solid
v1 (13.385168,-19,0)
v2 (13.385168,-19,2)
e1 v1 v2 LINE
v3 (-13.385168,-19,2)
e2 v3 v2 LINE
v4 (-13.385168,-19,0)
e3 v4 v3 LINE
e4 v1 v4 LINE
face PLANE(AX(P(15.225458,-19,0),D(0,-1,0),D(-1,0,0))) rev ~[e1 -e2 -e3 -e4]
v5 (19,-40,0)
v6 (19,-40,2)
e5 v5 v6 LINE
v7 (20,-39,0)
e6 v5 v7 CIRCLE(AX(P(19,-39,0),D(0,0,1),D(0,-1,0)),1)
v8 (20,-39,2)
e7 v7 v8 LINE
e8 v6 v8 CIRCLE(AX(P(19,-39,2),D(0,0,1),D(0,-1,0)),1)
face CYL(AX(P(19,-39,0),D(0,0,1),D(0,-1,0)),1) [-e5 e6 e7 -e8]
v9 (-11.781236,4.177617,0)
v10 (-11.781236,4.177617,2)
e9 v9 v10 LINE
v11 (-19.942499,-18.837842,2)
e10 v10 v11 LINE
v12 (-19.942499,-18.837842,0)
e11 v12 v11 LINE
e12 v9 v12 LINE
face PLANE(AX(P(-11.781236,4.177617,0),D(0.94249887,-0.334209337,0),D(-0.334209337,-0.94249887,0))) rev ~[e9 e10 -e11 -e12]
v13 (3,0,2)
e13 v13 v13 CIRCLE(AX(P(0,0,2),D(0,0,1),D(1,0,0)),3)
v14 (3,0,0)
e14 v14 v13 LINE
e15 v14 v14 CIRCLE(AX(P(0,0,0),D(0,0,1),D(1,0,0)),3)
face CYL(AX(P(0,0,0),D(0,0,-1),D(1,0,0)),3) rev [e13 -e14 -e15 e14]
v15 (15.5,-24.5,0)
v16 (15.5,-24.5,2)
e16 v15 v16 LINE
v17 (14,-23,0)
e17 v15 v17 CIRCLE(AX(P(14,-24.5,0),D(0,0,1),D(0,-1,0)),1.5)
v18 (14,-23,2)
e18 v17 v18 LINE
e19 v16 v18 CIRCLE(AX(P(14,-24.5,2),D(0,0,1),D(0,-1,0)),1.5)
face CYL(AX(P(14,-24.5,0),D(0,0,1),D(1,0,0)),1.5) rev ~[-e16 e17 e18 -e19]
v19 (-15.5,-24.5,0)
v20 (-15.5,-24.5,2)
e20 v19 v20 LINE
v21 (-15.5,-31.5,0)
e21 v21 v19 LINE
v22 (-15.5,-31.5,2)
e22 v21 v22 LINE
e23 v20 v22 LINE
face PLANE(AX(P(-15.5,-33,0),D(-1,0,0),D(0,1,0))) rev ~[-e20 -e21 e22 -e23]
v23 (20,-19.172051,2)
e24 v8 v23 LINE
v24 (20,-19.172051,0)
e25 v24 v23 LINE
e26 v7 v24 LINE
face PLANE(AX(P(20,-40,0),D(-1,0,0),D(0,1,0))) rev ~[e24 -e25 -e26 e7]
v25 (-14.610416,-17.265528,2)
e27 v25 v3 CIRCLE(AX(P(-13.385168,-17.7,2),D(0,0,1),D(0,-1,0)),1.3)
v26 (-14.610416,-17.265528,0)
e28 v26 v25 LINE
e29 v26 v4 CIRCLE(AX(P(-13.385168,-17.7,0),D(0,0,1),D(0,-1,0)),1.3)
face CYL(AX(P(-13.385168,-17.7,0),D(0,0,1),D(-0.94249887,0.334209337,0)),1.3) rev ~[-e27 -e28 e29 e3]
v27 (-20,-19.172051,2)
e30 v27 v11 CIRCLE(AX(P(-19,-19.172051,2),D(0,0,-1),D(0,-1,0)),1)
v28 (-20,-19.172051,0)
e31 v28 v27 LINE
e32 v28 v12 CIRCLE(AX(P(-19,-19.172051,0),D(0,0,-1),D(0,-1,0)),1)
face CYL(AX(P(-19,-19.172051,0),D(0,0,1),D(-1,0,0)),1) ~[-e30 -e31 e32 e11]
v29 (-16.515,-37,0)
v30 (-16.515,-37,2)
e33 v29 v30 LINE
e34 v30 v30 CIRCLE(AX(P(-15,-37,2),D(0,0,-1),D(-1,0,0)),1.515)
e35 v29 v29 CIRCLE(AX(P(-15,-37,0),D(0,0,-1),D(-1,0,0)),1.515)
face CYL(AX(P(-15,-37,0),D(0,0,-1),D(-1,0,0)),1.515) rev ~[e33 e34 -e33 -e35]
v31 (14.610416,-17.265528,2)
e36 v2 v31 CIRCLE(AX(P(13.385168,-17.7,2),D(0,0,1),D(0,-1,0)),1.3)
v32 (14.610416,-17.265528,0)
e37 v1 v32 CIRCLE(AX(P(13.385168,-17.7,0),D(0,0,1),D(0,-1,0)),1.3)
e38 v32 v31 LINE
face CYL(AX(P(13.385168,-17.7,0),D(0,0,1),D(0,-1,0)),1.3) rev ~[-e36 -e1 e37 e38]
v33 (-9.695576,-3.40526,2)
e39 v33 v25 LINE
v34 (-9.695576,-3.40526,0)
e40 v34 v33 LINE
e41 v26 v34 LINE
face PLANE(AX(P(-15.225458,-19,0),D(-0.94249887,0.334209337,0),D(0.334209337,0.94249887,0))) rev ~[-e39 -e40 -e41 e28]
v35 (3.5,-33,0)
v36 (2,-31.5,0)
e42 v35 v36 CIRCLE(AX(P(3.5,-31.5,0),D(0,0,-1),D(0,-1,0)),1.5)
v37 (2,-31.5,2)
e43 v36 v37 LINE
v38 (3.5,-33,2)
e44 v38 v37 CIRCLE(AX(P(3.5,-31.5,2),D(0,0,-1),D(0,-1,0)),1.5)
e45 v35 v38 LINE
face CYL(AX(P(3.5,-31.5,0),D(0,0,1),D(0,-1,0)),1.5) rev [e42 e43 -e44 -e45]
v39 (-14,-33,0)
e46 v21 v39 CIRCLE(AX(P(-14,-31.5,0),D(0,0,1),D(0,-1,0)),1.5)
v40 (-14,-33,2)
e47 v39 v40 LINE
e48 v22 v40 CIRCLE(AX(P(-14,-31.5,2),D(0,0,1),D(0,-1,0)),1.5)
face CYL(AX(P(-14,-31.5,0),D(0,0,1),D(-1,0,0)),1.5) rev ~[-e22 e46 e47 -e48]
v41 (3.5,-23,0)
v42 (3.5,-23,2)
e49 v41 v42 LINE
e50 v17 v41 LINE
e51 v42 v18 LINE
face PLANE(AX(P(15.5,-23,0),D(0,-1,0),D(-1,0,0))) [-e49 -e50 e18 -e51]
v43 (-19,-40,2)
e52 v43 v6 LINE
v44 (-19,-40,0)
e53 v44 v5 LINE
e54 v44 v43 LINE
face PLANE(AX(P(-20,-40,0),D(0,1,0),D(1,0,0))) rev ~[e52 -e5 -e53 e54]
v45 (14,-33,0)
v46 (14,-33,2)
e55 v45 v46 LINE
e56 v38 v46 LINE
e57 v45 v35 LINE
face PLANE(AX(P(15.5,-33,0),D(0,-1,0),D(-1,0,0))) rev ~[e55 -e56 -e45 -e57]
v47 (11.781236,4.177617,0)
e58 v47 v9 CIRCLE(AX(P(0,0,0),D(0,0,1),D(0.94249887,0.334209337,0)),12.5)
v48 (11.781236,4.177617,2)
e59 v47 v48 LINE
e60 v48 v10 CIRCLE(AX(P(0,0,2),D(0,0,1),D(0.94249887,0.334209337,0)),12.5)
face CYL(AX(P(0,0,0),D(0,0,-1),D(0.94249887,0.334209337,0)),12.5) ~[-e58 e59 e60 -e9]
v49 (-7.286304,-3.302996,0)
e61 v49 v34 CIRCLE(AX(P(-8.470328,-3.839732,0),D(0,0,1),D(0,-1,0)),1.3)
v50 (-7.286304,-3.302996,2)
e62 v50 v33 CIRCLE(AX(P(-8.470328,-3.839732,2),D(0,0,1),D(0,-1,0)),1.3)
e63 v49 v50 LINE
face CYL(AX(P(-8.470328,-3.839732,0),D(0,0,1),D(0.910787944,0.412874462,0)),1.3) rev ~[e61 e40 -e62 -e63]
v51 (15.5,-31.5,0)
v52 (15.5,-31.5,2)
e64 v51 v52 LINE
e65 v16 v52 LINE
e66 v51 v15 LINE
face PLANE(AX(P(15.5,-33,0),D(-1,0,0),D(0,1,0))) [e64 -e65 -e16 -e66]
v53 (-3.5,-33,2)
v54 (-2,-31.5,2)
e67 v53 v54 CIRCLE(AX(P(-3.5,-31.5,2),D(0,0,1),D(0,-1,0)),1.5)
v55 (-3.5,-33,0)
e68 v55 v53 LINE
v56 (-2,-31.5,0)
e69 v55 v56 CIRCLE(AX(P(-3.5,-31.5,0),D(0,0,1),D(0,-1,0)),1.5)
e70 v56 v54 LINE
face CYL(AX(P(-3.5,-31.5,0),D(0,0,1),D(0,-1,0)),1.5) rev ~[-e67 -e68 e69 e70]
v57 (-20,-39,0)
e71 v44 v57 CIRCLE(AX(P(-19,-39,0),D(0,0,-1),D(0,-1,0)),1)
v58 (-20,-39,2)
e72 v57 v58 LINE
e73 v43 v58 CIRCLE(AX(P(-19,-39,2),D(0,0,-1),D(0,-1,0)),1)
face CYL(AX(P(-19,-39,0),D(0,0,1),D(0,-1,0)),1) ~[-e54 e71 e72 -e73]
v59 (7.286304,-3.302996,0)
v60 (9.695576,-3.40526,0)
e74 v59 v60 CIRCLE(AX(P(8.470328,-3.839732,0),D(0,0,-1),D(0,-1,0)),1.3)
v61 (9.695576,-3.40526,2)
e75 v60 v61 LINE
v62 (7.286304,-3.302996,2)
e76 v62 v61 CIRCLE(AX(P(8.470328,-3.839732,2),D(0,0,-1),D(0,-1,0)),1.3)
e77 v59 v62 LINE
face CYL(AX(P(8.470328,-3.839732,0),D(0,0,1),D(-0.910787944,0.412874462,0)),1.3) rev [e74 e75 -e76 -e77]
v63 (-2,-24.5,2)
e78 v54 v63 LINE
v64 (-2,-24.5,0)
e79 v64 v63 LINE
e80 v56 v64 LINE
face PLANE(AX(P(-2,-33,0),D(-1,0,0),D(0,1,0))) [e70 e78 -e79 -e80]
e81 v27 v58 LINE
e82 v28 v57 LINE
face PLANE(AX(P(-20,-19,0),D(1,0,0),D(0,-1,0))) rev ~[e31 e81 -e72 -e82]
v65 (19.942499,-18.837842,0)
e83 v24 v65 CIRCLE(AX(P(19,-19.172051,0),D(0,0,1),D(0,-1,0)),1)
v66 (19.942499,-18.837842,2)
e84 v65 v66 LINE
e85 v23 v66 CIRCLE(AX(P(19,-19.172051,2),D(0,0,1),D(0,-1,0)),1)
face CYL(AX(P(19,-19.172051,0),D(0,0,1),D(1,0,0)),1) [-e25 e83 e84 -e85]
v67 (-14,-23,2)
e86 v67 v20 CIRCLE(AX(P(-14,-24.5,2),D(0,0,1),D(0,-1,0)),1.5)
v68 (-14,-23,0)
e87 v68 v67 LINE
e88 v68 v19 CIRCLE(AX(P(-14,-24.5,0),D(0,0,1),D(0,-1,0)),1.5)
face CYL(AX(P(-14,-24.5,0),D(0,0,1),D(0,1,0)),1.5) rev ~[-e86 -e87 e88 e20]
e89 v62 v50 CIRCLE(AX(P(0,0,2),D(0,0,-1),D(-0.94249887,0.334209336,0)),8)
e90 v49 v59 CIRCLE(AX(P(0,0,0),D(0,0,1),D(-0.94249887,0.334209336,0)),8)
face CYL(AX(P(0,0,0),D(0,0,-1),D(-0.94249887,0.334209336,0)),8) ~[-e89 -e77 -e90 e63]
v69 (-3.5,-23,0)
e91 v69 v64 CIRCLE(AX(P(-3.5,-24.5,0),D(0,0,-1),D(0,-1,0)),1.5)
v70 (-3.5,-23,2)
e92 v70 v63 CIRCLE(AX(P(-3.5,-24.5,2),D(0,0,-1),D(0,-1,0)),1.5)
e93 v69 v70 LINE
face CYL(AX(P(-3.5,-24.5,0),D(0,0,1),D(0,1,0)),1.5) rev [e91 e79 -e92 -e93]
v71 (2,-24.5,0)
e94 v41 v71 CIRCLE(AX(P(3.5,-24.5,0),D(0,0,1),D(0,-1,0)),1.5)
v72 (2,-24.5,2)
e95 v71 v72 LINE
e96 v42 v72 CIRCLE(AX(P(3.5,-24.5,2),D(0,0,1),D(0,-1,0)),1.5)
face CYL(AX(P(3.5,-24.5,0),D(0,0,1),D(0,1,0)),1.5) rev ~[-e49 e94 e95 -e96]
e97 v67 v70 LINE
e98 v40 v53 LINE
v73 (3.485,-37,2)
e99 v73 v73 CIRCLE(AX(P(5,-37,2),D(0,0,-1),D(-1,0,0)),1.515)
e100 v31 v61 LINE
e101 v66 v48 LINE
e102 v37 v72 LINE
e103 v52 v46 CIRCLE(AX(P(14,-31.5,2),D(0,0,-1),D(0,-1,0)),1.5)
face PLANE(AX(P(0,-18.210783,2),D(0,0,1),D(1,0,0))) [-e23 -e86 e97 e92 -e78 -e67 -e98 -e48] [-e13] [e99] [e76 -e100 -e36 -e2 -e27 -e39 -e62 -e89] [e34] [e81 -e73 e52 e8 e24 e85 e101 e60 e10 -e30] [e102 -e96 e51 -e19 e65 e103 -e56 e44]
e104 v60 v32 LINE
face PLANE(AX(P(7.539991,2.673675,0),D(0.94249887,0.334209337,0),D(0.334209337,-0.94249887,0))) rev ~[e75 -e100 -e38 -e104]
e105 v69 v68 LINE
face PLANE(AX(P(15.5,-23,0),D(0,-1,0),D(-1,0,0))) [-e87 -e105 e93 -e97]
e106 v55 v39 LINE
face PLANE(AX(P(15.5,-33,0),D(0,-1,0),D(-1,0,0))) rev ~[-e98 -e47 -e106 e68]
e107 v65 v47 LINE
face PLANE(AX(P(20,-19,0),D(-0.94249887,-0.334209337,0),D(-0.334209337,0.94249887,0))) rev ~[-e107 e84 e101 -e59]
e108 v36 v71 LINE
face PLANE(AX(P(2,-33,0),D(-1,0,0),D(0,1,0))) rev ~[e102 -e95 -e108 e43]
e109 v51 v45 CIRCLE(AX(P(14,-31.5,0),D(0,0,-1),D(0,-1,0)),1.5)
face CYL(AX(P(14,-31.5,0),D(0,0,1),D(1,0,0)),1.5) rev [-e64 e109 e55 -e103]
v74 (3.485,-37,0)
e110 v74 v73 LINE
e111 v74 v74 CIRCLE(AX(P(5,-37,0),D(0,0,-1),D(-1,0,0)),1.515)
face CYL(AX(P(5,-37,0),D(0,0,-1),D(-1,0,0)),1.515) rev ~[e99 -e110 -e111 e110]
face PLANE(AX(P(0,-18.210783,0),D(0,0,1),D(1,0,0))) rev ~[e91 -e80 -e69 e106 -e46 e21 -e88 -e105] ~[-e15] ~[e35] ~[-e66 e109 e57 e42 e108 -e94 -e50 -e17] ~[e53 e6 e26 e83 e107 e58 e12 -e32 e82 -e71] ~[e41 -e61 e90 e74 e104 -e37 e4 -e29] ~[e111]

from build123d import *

# Parameters (mm, degrees)
SKETCH_1_R          = 3
EXTRUDE_1_DEPTH     = 2
FILLET_1_R          = 1
SKETCH_2_R          = 1.515
CUT_EXTRUDE_1_DEPTH = 10
CUT_EXTRUDE_2_DEPTH = 10
FILLET_2_R          = 1.3
SKETCH_4_W          = 31
SKETCH_4_H          = 10
CUT_EXTRUDE_3_DEPTH = 10
SKETCH_5_W          = 4
SKETCH_5_H          = 10
EXTRUDE_1_2_DEPTH   = 2
FILLET_4_R          = 1.5


with BuildPart() as part:
    # 草图1 → Extrude 1 (new body)
    with BuildSketch(Plane.XY):
        with BuildLine():
            Line((-20, -40), (20, -40))
            Line((20, -40), (20, -19))
            Line((20, -19), (11.781235871, 4.177616707))
            ThreePointArc((11.781235871, 4.177616707), (0, 12.5), (-11.781235871, 4.177616707))
            Line((-11.781235871, 4.177616707), (-20, -19))
            Line((-20, -19), (-20, -40))
        make_face()
        Circle(SKETCH_1_R, mode=Mode.SUBTRACT)
    extrude(amount=EXTRUDE_1_DEPTH)

    # 圆角1
    fillet_1_edges = [part.edges().sort_by_distance(p)[0] for p in [
        (20, -19, 1),
        (20, -40, 1),
        (-20, -40, 1),
        (-20, -19, 1),
    ]]
    fillet(fillet_1_edges, radius=FILLET_1_R)

    # 草图2 → 切除-拉伸1 (cut)
    with BuildSketch(Plane(origin=(0, 0, 0), x_dir=(-1, 0, 0), z_dir=(0, 0, -1))):
        with Locations((15, -37)):
            Circle(SKETCH_2_R)
        with Locations((-5, -37)):
            Circle(SKETCH_2_R)
    extrude(amount=-CUT_EXTRUDE_1_DEPTH, mode=Mode.SUBTRACT)

    # 草图3 → 切除-拉伸2 (cut)
    with BuildSketch(Plane(origin=(0, 0, 0), x_dir=(-1, 0, 0), z_dir=(0, 0, -1))):
        with BuildLine():
            Line((-7.539990958, 2.673674692), (-15.225458465, -19))
            Line((-15.225458465, -19), (15.225458465, -19))
            Line((15.225458465, -19), (7.539990958, 2.673674692))
            ThreePointArc((7.539990958, 2.673674692), (0, -8), (-7.539990958, 2.673674692))
        make_face()
    extrude(amount=-CUT_EXTRUDE_2_DEPTH, mode=Mode.SUBTRACT)

    # 圆角2
    fillet_2_edges = [part.edges().sort_by_distance(p)[0] for p in [
        (7.539990958, 2.673674692, 1),
        (-7.539990958, 2.673674692, 1),
        (-15.225458465, -19, 1),
        (15.225458465, -19, 1),
    ]]
    fillet(fillet_2_edges, radius=FILLET_2_R)

    # 草图4 → 切除-拉伸3 (cut)
    with BuildSketch(Plane(origin=(0, 0, 0), x_dir=(-1, 0, 0), z_dir=(0, 0, -1))):
        with Locations((0, -28)):
            Rectangle(SKETCH_4_W, SKETCH_4_H)
    extrude(amount=-CUT_EXTRUDE_3_DEPTH, mode=Mode.SUBTRACT)

    # 草图5 → Extrude 1 2 (add)
    with BuildSketch(Plane(origin=(0, 0, 0), x_dir=(-1, 0, 0), z_dir=(0, 0, -1))):
        with Locations((0, -28)):
            Rectangle(SKETCH_5_W, SKETCH_5_H)
    extrude(amount=-EXTRUDE_1_2_DEPTH)

    # 圆角4
    fillet_4_edges = [part.edges().sort_by_distance(p)[0] for p in [
        (15.5, -33, 1),
        (15.5, -23, 1),
        (-15.5, -23, 1),
        (-15.5, -33, 1),
        (2, -33, 1),
        (2, -23, 1),
        (-2, -23, 1),
        (-2, -33, 1),
    ]]
    fillet(fillet_4_edges, radius=FILLET_4_R)


solid = part.part
